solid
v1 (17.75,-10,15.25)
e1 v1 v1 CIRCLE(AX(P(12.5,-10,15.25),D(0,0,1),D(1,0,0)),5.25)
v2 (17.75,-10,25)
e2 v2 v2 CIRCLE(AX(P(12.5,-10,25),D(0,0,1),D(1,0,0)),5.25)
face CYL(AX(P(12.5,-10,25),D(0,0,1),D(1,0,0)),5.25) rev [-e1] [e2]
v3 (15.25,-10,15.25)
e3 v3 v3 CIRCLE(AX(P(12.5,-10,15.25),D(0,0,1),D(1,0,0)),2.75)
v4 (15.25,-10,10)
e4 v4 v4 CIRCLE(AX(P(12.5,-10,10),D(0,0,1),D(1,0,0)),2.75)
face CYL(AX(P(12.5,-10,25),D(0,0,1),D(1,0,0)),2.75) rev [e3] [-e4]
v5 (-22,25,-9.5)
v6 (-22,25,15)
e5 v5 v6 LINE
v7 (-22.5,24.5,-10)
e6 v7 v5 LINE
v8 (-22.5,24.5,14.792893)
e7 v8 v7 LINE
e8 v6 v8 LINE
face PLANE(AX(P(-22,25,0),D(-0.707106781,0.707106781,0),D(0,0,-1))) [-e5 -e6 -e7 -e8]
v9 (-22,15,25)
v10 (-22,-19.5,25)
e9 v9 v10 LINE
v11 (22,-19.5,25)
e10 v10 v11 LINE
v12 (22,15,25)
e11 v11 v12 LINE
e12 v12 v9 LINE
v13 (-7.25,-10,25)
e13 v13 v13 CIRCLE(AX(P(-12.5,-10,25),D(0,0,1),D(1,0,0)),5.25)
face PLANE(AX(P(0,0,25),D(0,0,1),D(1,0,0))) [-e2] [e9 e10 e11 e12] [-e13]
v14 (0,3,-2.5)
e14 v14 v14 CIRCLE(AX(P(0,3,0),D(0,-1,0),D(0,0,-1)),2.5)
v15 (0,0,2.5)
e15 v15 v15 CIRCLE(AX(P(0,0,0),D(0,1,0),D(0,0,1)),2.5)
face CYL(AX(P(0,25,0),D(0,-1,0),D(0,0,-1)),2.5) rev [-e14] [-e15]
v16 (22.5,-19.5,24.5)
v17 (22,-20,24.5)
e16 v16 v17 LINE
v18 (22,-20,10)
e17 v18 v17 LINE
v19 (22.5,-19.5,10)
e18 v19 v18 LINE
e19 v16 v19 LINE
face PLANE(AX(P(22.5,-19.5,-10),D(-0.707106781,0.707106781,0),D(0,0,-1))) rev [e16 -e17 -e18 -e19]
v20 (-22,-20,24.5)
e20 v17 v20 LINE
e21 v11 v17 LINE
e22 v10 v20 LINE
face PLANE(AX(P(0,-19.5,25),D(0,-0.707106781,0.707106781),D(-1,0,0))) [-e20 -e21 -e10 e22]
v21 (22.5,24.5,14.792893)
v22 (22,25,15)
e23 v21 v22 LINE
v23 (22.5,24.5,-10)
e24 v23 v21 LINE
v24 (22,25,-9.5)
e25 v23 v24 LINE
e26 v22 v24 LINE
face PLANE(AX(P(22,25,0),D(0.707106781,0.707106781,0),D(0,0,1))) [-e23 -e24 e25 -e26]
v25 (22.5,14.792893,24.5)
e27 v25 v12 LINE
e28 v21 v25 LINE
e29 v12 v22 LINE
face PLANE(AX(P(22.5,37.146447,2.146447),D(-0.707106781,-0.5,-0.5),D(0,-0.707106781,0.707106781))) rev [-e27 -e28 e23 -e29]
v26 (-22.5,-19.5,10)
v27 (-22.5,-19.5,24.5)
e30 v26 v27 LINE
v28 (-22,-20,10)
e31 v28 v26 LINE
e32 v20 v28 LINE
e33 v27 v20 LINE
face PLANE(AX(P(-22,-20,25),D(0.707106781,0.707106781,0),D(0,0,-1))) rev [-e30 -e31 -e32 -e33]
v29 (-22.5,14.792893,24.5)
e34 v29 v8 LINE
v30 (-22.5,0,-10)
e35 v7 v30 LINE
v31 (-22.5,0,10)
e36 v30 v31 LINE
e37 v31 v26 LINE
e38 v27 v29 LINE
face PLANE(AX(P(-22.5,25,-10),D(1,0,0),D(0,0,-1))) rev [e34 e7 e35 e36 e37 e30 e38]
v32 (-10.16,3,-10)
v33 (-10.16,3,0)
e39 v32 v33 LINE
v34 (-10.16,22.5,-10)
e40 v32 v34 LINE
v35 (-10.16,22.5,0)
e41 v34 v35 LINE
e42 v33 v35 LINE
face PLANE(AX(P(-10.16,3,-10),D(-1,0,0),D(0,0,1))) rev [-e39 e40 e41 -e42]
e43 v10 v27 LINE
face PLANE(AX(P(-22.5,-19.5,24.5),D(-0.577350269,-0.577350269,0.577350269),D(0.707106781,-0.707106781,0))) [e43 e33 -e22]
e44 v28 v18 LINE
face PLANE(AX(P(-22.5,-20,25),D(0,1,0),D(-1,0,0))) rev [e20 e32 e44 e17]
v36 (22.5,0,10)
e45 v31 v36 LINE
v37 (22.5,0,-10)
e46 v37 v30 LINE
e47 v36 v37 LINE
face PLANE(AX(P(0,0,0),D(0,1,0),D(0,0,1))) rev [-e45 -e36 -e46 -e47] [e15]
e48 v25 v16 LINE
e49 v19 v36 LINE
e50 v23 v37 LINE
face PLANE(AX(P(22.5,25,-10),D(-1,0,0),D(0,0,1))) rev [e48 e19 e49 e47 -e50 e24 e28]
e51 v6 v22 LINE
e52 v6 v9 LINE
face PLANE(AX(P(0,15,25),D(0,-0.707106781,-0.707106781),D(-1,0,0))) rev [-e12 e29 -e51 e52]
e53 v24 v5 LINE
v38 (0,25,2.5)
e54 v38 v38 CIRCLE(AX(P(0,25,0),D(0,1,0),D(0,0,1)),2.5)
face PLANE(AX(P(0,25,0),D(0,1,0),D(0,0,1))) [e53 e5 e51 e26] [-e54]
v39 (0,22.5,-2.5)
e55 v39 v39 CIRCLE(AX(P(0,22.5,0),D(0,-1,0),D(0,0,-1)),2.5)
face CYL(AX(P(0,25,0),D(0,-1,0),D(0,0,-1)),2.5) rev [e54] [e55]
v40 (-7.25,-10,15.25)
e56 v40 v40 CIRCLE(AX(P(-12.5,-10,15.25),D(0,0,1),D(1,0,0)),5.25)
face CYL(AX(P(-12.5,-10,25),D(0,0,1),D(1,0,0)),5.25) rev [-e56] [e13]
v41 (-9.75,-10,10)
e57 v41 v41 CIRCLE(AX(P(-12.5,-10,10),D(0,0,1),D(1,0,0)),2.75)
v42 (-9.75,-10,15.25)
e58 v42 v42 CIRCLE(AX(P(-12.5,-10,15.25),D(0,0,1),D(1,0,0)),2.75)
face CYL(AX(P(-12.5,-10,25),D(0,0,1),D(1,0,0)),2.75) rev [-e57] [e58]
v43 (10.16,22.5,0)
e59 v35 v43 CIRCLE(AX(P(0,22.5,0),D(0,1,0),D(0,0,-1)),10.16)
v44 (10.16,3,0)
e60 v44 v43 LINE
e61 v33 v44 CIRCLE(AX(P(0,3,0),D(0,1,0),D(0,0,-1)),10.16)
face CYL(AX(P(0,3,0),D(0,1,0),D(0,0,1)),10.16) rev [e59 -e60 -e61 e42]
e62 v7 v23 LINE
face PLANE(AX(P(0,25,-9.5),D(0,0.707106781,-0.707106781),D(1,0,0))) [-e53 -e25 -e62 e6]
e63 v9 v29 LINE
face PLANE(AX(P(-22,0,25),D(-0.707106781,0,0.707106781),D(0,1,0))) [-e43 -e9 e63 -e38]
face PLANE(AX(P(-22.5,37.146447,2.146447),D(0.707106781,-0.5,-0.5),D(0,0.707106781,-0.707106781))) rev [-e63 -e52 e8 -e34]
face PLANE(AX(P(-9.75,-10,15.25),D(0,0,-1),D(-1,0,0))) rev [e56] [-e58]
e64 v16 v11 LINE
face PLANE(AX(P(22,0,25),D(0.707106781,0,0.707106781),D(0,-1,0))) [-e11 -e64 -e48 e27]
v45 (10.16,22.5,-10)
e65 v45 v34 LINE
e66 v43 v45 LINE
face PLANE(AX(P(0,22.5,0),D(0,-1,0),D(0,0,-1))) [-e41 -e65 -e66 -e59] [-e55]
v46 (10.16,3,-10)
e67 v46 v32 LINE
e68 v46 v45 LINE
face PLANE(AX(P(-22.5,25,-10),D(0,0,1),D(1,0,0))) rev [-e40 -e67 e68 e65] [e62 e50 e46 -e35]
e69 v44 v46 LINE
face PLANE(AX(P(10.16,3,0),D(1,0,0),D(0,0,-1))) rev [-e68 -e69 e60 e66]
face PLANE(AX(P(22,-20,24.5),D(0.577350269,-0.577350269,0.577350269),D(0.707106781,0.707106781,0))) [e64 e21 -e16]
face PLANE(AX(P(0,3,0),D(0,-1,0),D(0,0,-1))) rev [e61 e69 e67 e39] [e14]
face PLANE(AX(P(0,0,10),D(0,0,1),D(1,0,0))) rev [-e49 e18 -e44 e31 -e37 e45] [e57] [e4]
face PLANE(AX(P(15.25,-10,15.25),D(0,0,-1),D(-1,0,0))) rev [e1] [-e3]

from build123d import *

# Parameters (mm, degrees)
SKETCH1_W                       = 45
SKETCH1_H                       = 20
SKETCH1_R                       = 2.5
BOSS_EXTRUDE1_DEPTH             = 25
SKETCH9_W                       = 45
SKETCH9_H                       = 45
BOSS_EXTRUDE4_DEPTH             = 15
CUT_EXTRUDE2_START              = -2.5
CUT_EXTRUDE2_DEPTH              = 19.5
CHAMFER1_SIZE                   = 10
CBORE_FOR_M5_SBHCS1_D           = 5.5
CBORE_FOR_M5_SBHCS1_CBORE_D     = 10.5
CBORE_FOR_M5_SBHCS1_CBORE_DEPTH = 9.75
CHAMFER2_SIZE                   = 0.5


with BuildPart() as part:
    # Sketch1 → Boss-Extrude1 (new body)
    with BuildSketch(Plane(origin=(0, 0, 0), x_dir=(1, 0, 0), z_dir=(0, 1, 0))):
        Rectangle(SKETCH1_W, SKETCH1_H)
        Circle(SKETCH1_R, mode=Mode.SUBTRACT)
    extrude(amount=BOSS_EXTRUDE1_DEPTH)

    # Sketch9 → Boss-Extrude4 (add)
    with BuildSketch(Plane.XY.offset(10)):
        with Locations((0, 2.5)):
            Rectangle(SKETCH9_W, SKETCH9_H)
    extrude(amount=BOSS_EXTRUDE4_DEPTH)

    # Sketch10 → Cut-Extrude2 (cut)
    with BuildSketch(Plane(origin=(0, 25, 0), x_dir=(1, 0, 0), z_dir=(0, 1, 0)).offset(CUT_EXTRUDE2_START)):
        with BuildLine():
            Line((10.16, 0), (10.16, 10))
            Line((10.16, 10), (-10.16, 10))
            Line((-10.16, 10), (-10.16, 0))
            ThreePointArc((-10.16, 0), (0, -10.16), (10.16, 0))
        make_face()
    extrude(amount=-CUT_EXTRUDE2_DEPTH, mode=Mode.SUBTRACT)

    # Chamfer1
    chamfer1_edges = [part.edges().sort_by_distance(p)[0] for p in [
        (0, 25, 25),
    ]]
    chamfer(chamfer1_edges, length=CHAMFER1_SIZE)

    # CBORE for M5 SBHCS1 (through all)
    with Locations(Plane.XY.offset(25)):
        with Locations((-12.5, -10), (12.5, -10)):
            CounterBoreHole(CBORE_FOR_M5_SBHCS1_D / 2, CBORE_FOR_M5_SBHCS1_CBORE_D / 2, CBORE_FOR_M5_SBHCS1_CBORE_DEPTH)

    # Chamfer2
    chamfer2_edges = [part.edges().sort_by_distance(p)[0] for p in [
        (-22.5, 25, 2.5),
        (-22.5, -20, 17.5),
        (22.5, -20, 17.5),
        (0, -20, 25),
        (22.5, -2.5, 25),
        (-22.5, -2.5, 25),
        (-22.5, 20, 20),
        (22.5, 25, 2.5),
        (22.5, 20, 20),
        (0, 25, -10),
    ]]
    chamfer(chamfer2_edges, length=CHAMFER2_SIZE)


solid = part.part
